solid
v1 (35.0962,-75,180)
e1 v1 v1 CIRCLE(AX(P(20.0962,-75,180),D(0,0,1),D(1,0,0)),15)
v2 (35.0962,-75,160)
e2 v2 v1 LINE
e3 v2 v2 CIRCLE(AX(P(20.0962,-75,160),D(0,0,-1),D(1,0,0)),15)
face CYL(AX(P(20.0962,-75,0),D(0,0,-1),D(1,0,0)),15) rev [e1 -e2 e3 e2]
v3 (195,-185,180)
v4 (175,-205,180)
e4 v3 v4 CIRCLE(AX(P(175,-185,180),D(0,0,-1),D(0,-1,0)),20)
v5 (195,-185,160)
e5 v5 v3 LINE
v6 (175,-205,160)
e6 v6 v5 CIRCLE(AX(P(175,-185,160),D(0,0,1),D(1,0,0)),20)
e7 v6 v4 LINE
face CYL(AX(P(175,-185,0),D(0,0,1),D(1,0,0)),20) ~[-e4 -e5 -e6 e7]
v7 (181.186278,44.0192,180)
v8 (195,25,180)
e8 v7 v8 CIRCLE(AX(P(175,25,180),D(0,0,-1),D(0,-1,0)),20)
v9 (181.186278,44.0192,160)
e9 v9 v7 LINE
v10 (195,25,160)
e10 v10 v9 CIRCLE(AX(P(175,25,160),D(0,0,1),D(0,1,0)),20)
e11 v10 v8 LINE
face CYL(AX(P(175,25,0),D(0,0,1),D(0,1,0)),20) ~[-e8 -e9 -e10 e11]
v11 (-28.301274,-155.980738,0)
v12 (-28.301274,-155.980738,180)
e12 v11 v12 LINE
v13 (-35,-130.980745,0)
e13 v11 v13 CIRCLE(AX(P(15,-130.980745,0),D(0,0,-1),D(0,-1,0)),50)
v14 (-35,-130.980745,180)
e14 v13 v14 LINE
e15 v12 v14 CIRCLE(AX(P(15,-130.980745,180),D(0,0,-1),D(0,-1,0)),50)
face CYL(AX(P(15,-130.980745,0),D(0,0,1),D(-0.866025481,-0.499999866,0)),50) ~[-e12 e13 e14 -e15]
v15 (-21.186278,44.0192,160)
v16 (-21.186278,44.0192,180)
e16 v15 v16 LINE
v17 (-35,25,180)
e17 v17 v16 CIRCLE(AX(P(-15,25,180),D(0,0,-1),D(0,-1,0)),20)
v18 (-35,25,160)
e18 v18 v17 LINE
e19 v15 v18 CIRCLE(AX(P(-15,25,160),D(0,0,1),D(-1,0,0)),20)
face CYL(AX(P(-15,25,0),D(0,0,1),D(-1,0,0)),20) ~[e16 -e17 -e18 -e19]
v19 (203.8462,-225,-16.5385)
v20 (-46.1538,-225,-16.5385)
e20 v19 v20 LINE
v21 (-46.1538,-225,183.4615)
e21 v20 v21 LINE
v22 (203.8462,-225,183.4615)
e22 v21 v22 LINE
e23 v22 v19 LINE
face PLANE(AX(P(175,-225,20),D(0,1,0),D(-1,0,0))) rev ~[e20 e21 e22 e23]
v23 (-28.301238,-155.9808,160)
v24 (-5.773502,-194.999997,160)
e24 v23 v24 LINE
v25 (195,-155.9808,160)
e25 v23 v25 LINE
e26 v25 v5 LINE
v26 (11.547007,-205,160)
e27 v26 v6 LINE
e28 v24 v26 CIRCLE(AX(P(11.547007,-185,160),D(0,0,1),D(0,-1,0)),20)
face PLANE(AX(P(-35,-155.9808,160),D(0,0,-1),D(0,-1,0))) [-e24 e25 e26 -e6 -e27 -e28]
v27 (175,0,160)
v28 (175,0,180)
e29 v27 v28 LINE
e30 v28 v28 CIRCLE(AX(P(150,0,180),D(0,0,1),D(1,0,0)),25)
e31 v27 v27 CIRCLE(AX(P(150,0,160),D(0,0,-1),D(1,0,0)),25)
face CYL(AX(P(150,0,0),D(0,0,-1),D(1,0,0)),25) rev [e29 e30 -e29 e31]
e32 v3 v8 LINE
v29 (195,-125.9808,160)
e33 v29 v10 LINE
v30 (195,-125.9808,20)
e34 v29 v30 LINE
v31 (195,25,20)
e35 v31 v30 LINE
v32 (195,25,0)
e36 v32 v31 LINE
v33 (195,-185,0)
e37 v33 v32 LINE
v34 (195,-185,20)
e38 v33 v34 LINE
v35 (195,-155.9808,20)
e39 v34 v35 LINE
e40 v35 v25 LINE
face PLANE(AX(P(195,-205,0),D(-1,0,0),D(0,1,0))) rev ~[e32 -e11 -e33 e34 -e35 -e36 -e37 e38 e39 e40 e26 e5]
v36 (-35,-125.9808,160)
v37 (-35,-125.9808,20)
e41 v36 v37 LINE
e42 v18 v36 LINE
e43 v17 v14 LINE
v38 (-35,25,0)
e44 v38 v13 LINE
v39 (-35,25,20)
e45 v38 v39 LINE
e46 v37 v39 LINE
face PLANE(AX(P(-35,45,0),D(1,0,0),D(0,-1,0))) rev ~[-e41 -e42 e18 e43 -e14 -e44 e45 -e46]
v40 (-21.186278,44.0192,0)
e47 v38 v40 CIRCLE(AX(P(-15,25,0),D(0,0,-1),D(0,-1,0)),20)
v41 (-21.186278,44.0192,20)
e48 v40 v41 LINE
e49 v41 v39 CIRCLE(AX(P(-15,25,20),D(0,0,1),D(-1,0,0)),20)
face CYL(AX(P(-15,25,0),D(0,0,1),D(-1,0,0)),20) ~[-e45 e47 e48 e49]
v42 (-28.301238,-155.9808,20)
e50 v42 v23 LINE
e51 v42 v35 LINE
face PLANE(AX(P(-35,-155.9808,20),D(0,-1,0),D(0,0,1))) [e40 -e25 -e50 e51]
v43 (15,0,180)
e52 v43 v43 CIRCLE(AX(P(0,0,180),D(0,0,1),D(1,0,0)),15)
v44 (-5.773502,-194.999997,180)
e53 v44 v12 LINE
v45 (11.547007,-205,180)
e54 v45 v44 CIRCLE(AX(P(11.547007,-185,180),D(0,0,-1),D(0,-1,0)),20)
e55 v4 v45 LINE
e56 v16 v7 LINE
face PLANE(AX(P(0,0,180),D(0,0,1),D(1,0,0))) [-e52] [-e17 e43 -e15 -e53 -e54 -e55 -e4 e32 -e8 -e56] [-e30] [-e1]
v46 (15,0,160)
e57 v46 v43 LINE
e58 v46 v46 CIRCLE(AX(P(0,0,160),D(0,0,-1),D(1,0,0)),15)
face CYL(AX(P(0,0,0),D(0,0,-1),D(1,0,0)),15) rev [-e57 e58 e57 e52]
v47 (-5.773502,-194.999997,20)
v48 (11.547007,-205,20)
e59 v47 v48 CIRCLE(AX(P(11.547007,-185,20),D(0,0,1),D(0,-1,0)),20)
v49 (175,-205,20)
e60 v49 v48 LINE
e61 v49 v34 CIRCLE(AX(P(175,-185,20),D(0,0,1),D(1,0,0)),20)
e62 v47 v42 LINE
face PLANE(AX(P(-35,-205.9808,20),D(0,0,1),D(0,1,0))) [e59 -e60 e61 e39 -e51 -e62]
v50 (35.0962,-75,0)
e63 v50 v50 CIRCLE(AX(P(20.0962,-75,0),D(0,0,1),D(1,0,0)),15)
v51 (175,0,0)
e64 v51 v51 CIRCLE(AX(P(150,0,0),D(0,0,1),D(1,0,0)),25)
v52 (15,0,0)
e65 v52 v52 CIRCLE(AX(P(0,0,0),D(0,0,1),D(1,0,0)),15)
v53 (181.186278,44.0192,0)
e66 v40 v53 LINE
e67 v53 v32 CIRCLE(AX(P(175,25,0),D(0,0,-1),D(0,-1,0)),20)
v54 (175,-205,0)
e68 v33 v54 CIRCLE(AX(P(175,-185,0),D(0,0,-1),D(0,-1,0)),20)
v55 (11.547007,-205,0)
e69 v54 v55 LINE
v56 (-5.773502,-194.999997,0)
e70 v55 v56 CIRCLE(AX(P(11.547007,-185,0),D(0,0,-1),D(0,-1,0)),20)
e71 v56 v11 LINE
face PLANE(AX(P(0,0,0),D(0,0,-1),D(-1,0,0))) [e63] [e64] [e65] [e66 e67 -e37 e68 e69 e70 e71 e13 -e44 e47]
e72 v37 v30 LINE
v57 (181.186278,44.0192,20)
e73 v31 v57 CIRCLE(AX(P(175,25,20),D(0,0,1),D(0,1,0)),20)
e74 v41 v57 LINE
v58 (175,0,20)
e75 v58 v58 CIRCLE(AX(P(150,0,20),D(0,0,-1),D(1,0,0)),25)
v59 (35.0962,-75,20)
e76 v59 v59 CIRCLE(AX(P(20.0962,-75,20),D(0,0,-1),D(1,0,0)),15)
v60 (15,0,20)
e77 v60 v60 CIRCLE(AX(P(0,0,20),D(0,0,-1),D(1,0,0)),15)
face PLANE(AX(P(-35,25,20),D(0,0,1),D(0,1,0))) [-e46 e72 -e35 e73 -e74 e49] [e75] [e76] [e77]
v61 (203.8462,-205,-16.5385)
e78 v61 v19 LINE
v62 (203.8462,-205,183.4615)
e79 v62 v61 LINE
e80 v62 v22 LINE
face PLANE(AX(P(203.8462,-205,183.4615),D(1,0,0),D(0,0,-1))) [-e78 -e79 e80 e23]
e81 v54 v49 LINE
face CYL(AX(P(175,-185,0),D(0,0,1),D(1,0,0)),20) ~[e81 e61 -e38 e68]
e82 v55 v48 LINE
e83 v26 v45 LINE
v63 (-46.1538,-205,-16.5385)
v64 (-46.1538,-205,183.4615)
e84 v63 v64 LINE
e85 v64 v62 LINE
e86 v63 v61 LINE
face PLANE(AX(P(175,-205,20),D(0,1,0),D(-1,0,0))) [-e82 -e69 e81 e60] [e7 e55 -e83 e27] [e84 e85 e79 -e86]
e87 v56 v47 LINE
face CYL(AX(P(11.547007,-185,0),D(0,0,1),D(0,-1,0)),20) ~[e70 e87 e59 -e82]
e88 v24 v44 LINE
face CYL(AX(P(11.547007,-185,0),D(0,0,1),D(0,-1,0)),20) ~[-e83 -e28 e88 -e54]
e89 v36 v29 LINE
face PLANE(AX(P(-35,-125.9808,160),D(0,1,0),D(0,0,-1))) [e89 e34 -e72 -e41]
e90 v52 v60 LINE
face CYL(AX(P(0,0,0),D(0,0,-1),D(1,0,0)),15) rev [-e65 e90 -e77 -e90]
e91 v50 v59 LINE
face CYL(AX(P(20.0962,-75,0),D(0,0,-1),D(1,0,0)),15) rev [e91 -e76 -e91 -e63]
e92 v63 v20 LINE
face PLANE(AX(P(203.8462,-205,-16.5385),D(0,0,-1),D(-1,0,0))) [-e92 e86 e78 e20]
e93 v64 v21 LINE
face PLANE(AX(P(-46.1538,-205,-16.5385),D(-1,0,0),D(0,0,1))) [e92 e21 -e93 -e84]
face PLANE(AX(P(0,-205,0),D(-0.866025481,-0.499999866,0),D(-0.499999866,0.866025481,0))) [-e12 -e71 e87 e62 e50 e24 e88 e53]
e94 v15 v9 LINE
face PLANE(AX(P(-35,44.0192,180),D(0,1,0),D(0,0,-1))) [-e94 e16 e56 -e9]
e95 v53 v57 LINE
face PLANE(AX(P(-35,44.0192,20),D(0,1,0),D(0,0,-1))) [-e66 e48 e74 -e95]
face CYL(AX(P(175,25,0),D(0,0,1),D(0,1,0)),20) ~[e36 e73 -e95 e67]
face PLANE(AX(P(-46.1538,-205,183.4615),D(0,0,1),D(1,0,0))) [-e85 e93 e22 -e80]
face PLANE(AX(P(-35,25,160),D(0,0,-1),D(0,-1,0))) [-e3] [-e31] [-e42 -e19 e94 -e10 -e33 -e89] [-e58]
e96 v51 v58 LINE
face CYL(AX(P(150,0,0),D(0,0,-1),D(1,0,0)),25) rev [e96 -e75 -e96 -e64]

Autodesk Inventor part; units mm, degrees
ref_plane "YZ Plane" through (0, 0, 0) normal (1, 0, 0) x (0, 1, 0)
ref_plane "XY Plane" through (0, 0, 0) normal (0, 0, 1) x (1, 0, 0)
sketch "Sketch1" plane through (0, 0, 0) normal (0, 0, 1) x (1, 0, 0)
  circle A0 centre (0, 0) radius 15
  circle A1 centre (150, 0) radius 25
  line L0 (-35, 45) -> (-35, -144.3782)
  circle A2 centre (43.934, -106.066) radius 15
  circle A3 centre (20.0962, -75) radius 15
  line L1 (195, 45) -> (-35, 45)
  line L2 (195, -205) -> (0, -205)
  line L3 (195, -205) -> (195, 45)
  line L4 (0, -205) -> (-35, -144.3782)
  line L5 (0, -205) -> (70, -205) construction
  dimension "d22" = 230
  dimension "d23" = 120
extrude "Extrusion1" add sketch "Sketch1" along normal blind 180
fillet "Fillet1" radius 50 1 edges at (-35, -144.3782, 90)
fillet "Fillet2" radius 20 1 edges at (-35, 45, 90)
fillet "Fillet3" radius 20 1 edges at (195, 45, 90)
fillet "Fillet4" radius 20 1 edges at (195, -205, 90)
fillet "Fillet5" radius 20 1 edges at (0, -205, 90)
sketch "Sketch2" plane through (-35, -130.9808, 0) normal (-1, 0, 0) x (0, 0, 1)
  line L0 (0, 155.9808) -> (180, 155.9808) projected
  line L1 (0, 155.9808) -> (0, 0) projected
  line L2 (180, 155.9808) -> (180, 0) projected
  line L3 (0, 175) -> (0, -75)
  line L4 (0, -75) -> (20, -75)
  line L5 (20, -75) -> (20, -25)
  line L6 (20, -25) -> (160, -25)
  line L7 (160, -25) -> (160, -75)
  line L8 (160, -75) -> (180, -75)
  line L9 (180, -75) -> (180, 175)
  line L10 (180, 175) -> (160, 175)
  line L11 (160, 175) -> (160, 5)
  line L12 (160, 5) -> (20, 5)
  line L13 (20, 5) -> (20, 175)
  line L14 (20, 175) -> (0, 175)
  point P0 (0, 130.9808)
  dimension "d31" = 250
  dimension "d32" = 20
  dimension "d33" = 50
  dimension "d34" = 140
  dimension "d35" = 170
extrude "Extrusion2" cut sketch "Sketch2" against normal blind 230 contours L3 L14 L13 L0 | L0 L13 L12 L11 L2 L9 L8 L7 L6 L5 L4 L3 L1 | L11 L10 L9 L0 keep common part
sketch "Sketch3" plane through (0, 0, 180) normal (0, 0, 1) x (1, 0, 0)
  circle A0 centre (43.934, -106.066) radius 15 projected
  circle A1 centre (43.934, -106.066) radius 15
extrude "Extrusion3" add sketch "Sketch3" against normal blind 20
sketch "Sketch4" plane through (0, 0, 0) normal (0, 0, -1) x (-1, 0, 0)
  circle A0 centre (-43.934, -106.066) radius 15 projected
  circle A1 centre (-43.934, -106.066) radius 15
extrude "Extrusion4" add sketch "Sketch4" against normal blind 20
ref_plane "Work Plane1" through (175, -205, 20) normal (0, 1, 0) x (-1, 0, 0)
sketch "Sketch6" plane through (175, -205, 20) normal (0, 1, 0) x (-1, 0, 0)
  line L0 (-19.2308, -36.5385) -> (221.1538, -36.5385)
  line L1 (221.1538, -36.5385) -> (221.1538, 163.4615)
  line L2 (221.1538, 163.4615) -> (-28.8462, 163.4615)
  line L3 (-28.8462, 163.4615) -> (-28.8462, -36.5385)
  line L4 (-28.8462, -36.5385) -> (-19.2308, -36.5385)
  point P0 (175, -20)
  dimension "d55" = 250
  dimension "d56" = 200
extrude "Extrusion6" add sketch "Sketch6" against normal blind 20
sketch "Sketch7" plane through (175, -225, 20) normal (0, -1, 0) x (1, 0, 0)
  line L0 (-221.1538, -36.5385) -> (28.8462, -36.5385) projected
  line L1 (28.8462, -36.5385) -> (28.8462, 163.4615) projected
  line L2 (28.8462, 163.4615) -> (-221.1538, 163.4615) projected
  line L3 (-221.1538, 163.4615) -> (-221.1538, -36.5385) projected
  point P0 (-175, -20)
properties part number "sketss"
